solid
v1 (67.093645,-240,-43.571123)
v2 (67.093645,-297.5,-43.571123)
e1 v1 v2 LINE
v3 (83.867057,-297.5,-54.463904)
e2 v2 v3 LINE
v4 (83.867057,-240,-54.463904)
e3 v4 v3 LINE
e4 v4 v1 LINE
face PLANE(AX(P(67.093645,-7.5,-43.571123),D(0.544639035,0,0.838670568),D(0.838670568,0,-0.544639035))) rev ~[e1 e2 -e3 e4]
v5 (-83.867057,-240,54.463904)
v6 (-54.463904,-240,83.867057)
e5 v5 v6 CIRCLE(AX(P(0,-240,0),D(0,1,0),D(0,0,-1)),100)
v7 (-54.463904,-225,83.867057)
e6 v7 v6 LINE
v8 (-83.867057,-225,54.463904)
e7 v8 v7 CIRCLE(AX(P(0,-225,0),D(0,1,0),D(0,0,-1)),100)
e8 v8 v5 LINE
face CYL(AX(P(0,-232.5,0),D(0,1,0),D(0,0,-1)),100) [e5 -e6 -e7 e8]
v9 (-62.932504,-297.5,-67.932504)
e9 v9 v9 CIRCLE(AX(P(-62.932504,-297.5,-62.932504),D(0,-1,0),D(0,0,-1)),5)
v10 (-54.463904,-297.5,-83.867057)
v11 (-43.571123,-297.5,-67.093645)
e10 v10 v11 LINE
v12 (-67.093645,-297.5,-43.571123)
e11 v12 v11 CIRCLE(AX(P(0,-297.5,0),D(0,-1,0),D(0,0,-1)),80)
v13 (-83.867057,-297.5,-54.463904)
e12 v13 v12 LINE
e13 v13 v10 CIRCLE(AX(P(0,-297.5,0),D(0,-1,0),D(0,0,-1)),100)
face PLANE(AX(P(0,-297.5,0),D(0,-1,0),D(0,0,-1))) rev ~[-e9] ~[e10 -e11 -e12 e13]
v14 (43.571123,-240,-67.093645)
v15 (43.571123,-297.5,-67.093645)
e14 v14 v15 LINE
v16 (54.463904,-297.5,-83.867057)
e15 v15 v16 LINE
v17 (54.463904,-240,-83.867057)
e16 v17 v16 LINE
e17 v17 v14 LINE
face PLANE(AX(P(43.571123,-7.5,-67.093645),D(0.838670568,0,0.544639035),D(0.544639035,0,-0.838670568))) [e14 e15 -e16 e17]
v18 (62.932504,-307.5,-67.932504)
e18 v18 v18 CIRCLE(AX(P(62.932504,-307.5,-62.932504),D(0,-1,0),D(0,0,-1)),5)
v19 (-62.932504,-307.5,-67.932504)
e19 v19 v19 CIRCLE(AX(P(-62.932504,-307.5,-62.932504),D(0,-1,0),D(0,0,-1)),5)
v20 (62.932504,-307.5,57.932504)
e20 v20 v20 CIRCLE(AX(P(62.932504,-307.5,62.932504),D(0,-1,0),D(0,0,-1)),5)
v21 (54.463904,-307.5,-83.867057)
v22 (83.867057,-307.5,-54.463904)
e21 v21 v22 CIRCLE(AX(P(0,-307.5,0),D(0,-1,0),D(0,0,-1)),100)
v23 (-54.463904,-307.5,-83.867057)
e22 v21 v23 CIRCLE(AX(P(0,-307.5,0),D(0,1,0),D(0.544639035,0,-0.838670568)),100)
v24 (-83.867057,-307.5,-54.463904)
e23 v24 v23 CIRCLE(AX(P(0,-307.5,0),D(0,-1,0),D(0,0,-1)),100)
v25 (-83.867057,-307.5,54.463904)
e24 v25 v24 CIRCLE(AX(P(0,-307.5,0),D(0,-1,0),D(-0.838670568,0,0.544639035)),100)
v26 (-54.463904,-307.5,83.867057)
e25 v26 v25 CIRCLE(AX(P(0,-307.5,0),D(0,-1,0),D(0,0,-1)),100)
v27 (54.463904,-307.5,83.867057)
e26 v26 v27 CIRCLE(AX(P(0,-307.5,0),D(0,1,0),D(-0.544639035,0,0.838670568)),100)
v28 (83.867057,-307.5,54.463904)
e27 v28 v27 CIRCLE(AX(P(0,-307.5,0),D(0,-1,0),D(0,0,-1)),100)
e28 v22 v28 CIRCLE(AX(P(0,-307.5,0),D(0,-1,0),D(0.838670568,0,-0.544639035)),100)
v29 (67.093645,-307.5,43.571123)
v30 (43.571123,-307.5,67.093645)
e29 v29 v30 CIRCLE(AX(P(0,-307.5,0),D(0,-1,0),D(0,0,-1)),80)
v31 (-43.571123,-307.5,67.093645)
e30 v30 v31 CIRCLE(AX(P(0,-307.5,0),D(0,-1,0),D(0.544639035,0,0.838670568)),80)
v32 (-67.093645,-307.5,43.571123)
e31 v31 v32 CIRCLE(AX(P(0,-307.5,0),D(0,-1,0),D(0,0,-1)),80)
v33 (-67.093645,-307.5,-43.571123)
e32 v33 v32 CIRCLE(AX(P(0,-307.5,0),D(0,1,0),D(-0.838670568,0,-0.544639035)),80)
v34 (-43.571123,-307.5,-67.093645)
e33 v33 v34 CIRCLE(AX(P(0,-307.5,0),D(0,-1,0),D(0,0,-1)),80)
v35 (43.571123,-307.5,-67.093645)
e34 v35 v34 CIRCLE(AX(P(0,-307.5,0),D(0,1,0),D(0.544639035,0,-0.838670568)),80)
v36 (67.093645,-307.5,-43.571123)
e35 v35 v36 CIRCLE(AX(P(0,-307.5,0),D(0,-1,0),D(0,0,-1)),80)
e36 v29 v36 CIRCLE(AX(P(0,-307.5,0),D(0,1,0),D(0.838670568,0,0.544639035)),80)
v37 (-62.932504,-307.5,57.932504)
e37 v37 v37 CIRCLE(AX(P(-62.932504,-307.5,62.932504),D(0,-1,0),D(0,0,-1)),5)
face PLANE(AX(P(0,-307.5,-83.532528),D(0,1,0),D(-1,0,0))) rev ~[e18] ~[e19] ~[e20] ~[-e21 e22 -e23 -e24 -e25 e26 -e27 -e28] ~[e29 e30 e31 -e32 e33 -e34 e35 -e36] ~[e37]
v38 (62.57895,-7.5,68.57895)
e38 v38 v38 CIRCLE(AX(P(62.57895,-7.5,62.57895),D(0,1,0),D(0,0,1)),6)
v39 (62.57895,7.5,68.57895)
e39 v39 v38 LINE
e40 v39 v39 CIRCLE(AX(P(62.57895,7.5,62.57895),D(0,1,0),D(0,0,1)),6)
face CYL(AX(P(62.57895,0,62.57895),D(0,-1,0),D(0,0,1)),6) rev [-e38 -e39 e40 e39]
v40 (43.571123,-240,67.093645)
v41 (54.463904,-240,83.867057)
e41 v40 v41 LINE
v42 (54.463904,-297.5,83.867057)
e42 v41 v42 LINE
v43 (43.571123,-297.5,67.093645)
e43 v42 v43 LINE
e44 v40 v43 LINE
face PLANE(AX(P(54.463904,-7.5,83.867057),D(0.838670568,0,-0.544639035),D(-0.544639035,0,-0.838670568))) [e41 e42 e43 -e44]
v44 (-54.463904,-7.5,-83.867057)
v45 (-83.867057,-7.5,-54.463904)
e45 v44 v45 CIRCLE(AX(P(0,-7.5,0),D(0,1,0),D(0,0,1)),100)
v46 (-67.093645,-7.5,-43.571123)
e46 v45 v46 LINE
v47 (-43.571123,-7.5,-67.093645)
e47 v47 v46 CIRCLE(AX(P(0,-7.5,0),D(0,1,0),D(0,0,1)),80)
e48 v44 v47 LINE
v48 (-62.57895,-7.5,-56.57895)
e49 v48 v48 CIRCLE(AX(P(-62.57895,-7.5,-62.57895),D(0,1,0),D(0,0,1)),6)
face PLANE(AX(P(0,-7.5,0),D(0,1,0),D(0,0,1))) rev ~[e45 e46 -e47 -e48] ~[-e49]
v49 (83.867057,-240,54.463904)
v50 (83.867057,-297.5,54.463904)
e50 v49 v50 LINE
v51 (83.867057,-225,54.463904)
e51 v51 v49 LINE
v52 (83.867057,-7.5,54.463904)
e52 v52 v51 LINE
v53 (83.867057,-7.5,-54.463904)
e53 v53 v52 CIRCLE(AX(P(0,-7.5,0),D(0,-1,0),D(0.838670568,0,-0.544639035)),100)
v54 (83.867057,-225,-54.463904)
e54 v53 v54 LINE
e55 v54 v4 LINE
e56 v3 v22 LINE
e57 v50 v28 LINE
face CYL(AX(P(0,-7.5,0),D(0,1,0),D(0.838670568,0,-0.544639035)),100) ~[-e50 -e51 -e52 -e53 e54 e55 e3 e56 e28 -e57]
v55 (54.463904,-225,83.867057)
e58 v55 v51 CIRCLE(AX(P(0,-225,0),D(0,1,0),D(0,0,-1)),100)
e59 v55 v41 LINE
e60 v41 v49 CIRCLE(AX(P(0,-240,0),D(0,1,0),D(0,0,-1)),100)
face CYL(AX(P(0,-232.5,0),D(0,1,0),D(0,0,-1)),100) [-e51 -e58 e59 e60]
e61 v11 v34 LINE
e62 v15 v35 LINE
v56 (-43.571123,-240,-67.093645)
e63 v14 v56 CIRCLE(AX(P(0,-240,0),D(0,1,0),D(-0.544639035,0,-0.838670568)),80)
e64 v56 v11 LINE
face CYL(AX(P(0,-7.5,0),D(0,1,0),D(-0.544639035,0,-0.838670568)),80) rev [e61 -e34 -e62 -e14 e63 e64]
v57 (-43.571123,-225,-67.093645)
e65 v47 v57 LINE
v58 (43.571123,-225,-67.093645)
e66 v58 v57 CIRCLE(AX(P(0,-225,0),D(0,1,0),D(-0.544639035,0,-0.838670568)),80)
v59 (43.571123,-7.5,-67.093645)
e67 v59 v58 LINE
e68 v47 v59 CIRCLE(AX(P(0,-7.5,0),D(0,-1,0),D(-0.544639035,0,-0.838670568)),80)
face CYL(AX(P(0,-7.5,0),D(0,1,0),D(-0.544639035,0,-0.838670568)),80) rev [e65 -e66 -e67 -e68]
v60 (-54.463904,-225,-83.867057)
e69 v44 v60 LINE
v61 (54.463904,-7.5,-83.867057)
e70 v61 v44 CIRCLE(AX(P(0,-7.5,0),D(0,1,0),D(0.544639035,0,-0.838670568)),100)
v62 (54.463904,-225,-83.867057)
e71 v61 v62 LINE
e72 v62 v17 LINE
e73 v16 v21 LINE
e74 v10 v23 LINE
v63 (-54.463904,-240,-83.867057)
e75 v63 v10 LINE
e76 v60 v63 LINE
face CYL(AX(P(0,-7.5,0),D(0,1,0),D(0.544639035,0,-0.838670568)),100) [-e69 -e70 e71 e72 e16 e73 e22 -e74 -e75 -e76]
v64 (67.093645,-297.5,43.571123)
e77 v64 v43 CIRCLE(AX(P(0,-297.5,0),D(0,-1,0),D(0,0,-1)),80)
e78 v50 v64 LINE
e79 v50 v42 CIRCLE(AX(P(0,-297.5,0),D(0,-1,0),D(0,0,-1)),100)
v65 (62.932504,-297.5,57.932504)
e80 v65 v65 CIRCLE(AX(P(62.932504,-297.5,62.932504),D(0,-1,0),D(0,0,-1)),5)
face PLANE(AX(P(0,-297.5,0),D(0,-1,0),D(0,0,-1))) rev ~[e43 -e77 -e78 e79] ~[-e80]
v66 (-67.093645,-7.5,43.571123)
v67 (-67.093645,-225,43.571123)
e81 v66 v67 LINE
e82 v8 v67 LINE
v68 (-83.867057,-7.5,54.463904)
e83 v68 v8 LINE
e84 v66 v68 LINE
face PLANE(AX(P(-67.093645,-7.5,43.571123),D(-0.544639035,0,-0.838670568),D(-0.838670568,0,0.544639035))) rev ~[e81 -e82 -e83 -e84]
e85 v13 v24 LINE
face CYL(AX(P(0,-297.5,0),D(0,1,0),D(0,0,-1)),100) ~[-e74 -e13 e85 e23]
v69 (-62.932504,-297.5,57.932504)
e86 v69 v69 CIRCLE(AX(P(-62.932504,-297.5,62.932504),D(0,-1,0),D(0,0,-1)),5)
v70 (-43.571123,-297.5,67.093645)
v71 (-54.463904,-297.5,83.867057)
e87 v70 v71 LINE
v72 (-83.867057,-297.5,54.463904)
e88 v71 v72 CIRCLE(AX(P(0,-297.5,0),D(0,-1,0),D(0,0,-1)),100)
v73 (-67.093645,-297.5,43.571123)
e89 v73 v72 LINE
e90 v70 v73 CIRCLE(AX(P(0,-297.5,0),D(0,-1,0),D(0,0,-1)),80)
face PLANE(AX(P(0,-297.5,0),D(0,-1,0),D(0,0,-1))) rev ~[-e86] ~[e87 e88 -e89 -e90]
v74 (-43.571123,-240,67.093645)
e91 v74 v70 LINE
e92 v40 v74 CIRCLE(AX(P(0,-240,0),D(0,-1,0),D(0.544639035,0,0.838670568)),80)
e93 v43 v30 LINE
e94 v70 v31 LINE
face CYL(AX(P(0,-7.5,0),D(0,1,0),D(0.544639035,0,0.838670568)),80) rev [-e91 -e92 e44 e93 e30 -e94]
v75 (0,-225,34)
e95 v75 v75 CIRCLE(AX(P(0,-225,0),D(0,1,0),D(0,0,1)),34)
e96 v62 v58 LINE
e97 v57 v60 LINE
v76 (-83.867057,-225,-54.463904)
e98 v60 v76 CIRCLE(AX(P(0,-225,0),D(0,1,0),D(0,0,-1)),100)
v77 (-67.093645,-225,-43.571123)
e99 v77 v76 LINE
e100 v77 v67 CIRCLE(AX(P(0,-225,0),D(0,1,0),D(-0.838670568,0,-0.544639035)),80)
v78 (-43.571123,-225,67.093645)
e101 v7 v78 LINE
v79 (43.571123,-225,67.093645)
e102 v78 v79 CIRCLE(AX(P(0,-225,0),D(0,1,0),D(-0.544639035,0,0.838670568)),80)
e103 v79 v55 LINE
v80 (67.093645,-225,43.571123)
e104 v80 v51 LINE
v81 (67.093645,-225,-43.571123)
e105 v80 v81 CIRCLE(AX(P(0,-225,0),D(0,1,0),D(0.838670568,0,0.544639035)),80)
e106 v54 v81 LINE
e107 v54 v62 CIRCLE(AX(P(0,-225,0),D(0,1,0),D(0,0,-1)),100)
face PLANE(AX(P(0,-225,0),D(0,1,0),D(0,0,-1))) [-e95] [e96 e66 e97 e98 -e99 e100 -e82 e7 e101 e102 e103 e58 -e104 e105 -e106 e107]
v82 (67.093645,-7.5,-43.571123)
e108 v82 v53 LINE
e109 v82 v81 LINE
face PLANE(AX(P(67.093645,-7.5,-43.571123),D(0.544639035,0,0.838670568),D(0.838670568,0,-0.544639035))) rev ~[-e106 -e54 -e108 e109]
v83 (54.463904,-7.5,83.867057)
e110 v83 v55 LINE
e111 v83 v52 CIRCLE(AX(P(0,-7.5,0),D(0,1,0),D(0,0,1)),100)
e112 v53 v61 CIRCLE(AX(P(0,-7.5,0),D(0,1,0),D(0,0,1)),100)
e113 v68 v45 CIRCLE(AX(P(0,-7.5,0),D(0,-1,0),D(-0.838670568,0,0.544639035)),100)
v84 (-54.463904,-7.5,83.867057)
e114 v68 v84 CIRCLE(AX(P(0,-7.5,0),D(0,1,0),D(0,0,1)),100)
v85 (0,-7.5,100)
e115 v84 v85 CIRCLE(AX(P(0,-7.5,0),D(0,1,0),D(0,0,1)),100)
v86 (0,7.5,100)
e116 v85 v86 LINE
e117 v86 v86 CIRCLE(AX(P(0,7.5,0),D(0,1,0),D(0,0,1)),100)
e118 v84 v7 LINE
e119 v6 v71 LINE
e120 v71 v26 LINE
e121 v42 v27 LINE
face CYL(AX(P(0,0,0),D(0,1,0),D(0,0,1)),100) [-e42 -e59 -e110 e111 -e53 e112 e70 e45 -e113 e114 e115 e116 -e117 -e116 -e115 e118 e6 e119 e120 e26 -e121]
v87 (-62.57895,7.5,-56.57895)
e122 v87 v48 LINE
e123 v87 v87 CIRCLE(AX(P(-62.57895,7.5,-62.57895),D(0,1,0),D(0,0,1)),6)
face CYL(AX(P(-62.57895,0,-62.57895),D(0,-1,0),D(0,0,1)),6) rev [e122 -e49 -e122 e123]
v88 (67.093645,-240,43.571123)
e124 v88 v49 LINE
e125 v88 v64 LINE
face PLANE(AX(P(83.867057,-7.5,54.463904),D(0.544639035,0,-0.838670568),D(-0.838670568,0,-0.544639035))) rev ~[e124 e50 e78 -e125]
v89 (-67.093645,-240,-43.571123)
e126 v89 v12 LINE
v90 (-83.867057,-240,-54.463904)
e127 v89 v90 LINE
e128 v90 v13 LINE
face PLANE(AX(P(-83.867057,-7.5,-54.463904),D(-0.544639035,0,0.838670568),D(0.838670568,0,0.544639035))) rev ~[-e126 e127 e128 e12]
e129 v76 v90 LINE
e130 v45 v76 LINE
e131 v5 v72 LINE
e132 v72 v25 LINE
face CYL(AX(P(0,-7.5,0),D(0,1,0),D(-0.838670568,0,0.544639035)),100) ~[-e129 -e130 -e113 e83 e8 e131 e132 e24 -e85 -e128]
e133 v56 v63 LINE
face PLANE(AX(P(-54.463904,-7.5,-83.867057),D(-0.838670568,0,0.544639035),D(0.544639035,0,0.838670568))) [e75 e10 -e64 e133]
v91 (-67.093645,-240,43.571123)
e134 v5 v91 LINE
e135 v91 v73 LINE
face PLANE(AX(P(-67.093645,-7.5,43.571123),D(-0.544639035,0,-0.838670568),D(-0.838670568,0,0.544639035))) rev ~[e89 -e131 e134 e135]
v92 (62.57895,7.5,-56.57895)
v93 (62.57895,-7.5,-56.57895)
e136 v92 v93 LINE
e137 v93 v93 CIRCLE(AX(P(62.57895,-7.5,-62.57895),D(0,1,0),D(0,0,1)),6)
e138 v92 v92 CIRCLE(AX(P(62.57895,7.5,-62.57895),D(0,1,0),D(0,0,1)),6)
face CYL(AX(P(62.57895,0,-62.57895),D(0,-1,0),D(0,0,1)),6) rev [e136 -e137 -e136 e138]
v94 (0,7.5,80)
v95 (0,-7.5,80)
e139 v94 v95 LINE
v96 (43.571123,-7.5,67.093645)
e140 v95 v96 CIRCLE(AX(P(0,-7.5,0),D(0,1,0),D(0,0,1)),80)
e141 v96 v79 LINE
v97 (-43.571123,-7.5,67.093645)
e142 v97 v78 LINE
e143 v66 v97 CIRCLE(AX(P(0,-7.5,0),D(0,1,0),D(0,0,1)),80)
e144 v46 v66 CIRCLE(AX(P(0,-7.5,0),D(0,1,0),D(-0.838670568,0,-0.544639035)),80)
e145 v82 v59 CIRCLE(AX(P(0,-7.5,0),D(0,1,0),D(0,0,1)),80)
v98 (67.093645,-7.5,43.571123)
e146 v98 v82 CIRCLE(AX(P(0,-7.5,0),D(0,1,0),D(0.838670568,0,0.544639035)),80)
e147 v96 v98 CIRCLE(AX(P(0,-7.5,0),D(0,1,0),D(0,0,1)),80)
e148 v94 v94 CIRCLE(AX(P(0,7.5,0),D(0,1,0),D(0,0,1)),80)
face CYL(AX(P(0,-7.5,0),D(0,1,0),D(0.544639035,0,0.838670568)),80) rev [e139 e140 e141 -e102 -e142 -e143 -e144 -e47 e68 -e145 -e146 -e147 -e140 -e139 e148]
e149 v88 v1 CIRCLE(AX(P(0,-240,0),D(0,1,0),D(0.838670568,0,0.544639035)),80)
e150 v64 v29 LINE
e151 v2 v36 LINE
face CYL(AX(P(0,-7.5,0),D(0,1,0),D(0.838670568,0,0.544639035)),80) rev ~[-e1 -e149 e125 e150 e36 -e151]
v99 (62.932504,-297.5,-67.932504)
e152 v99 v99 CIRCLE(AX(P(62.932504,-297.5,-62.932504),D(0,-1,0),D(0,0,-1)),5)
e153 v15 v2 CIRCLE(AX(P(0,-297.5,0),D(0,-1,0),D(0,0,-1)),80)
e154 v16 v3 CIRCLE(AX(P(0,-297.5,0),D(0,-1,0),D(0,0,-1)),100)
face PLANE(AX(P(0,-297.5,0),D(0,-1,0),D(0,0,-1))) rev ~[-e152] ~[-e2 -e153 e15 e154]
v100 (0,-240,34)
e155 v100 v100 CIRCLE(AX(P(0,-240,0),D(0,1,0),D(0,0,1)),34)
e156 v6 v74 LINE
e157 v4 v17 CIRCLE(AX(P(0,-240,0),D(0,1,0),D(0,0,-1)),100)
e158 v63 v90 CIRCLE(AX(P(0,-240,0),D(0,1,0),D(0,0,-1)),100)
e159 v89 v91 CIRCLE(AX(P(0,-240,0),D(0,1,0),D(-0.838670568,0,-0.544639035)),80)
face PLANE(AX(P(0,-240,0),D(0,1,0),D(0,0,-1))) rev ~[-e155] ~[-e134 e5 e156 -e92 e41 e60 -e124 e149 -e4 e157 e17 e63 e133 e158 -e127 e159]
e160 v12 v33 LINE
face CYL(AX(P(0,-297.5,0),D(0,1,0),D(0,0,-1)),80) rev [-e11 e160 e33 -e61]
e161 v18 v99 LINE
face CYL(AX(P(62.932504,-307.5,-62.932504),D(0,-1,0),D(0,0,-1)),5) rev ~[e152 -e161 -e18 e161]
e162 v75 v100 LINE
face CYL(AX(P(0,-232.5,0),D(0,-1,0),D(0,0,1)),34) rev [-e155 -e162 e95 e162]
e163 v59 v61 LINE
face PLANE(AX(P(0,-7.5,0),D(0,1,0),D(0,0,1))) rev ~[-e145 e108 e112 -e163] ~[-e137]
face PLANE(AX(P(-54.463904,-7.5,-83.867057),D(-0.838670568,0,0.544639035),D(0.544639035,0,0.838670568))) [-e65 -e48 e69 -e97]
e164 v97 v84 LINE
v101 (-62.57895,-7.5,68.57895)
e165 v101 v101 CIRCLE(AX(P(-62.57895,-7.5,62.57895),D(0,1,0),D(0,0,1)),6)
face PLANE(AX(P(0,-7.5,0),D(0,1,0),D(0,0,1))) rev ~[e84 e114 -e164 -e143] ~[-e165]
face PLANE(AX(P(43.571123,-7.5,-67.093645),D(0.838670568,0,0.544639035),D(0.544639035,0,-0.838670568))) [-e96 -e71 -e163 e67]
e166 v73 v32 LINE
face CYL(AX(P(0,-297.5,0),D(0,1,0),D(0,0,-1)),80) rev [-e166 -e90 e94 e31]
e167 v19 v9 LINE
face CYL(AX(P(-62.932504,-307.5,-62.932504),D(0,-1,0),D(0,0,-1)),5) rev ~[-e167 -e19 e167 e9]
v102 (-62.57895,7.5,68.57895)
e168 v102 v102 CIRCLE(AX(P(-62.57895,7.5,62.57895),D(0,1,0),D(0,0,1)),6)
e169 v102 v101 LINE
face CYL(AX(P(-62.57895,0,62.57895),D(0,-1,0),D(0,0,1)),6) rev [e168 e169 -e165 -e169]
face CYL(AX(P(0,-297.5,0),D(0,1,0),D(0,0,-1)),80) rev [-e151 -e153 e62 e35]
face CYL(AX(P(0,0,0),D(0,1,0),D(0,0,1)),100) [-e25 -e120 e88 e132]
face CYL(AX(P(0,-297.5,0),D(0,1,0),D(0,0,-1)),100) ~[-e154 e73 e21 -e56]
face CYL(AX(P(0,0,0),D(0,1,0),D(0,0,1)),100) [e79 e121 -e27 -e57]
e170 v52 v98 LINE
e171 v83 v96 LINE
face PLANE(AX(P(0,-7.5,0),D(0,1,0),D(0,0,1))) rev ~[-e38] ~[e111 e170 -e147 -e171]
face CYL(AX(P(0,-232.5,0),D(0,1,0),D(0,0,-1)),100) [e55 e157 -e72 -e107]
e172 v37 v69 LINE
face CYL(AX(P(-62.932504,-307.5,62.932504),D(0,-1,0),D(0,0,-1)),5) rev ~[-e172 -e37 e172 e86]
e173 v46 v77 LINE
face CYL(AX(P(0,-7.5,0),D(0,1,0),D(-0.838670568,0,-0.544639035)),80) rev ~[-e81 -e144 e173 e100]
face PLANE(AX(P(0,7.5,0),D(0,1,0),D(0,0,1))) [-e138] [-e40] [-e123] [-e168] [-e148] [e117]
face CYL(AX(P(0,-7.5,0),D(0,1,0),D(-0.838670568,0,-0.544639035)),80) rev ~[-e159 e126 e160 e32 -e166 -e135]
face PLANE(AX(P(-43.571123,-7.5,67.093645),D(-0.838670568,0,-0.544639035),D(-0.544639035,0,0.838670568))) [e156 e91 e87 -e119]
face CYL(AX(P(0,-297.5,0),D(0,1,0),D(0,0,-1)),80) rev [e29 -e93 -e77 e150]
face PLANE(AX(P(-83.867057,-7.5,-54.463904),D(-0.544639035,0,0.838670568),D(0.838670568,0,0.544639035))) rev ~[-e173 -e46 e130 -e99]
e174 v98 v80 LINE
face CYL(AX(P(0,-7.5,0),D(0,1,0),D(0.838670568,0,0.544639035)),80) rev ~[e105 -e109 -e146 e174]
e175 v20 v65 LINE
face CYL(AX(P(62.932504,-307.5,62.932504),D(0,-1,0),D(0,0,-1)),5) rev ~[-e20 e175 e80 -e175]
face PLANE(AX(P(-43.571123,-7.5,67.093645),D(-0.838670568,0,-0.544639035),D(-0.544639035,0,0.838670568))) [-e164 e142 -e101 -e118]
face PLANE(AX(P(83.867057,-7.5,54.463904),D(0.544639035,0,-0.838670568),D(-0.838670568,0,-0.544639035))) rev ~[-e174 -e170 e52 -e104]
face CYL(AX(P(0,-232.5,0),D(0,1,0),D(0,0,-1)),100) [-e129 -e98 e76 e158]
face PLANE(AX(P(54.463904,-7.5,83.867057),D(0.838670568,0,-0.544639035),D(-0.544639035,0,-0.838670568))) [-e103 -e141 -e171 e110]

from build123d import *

# Parameters (mm, degrees)
IZIM1_R                     = 100
IZIM1_R_2                   = 80
IZIM1_R_3                   = 6
Y_KSEKLIK_EKSTR_ZYON1_DEPTH = 7.5
Y_KSEKLIK_EKSTR_ZYON2_DEPTH = 300
Y_KSEKLIK_EKSTR_ZYON3_START = -10
IZIM3_R                     = 100
IZIM3_R_2                   = 80
Y_KSEKLIK_EKSTR_ZYON3_DEPTH = 10
IZIM4_R                     = 5
KES_EKSTR_ZYON1_DEPTH       = 29
IZIM5_R                     = 100
IZIM5_R_2                   = 34
Y_KSEKLIK_EKSTR_ZYON4_DEPTH = 7.5


with BuildPart() as part:
    # izim1 → Y_kseklik-Ekstr_zyon1 (new, symmetric)
    with BuildSketch(Plane(origin=(0, 0, 0), x_dir=(1, 0, 0), z_dir=(0, 1, 0))):
        with Locations(Location((0, 0, 0), (0, 0, 270))):
            Circle(IZIM1_R)
        with Locations(Location((0, 0, 0), (0, 0, 270))):
            Circle(IZIM1_R_2, mode=Mode.SUBTRACT)
        with Locations(Location((62.578950135, 62.578950135, 0), (0, 0, 270))):
            Circle(IZIM1_R_3, mode=Mode.SUBTRACT)
        with Locations(Location((62.578950135, -62.578950135, 0), (0, 0, 270))):
            Circle(IZIM1_R_3, mode=Mode.SUBTRACT)
        with Locations(Location((-62.578950135, -62.578950135, 0), (0, 0, 270))):
            Circle(IZIM1_R_3, mode=Mode.SUBTRACT)
        with Locations(Location((-62.578950135, 62.578950135, 0), (0, 0, 270))):
            Circle(IZIM1_R_3, mode=Mode.SUBTRACT)
    extrude(amount=Y_KSEKLIK_EKSTR_ZYON1_DEPTH, both=True)

    # izim2 → Y_kseklik-Ekstr_zyon2 (add)
    with BuildSketch(Plane.XZ.offset(7.5)):
        with BuildLine():
            Line((-43.571122801, 67.093645436), (-54.463903502, 83.867056795))
            ThreePointArc((-54.463903502, 83.867056795), (0, 100), (54.463903502, 83.867056795))
            Line((54.463903502, 83.867056795), (43.571122801, 67.093645436))
            ThreePointArc((43.571122801, 67.093645436), (0, 80), (-43.571122801, 67.093645436))
        make_face()
        with BuildLine():
            Line((43.571122801, -67.093645436), (54.463903502, -83.867056795))
            ThreePointArc((54.463903502, -83.867056795), (0, -100), (-54.463903502, -83.867056795))
            Line((-54.463903502, -83.867056795), (-43.571122801, -67.093645436))
            ThreePointArc((-43.571122801, -67.093645436), (0, -80), (43.571122801, -67.093645436))
        make_face()
        with BuildLine():
            Line((-67.093645436, 43.571122801), (-83.867056795, 54.463903502))
            ThreePointArc((-83.867056795, 54.463903502), (-100, 0), (-83.867056795, -54.463903502))
            Line((-83.867056795, -54.463903502), (-67.093645436, -43.571122801))
            ThreePointArc((-67.093645436, -43.571122801), (-80, 0), (-67.093645436, 43.571122801))
        make_face()
        with BuildLine():
            Line((67.093645436, -43.571122801), (83.867056795, -54.463903502))
            ThreePointArc((83.867056795, -54.463903502), (100, 0), (83.867056795, 54.463903502))
            Line((83.867056795, 54.463903502), (67.093645436, 43.571122801))
            ThreePointArc((67.093645436, 43.571122801), (80, 0), (67.093645436, -43.571122801))
        make_face()
    extrude(amount=Y_KSEKLIK_EKSTR_ZYON2_DEPTH)

    # izim3 → Y_kseklik-Ekstr_zyon3 (add)
    with BuildSketch(Plane.XZ.offset(307.5).offset(Y_KSEKLIK_EKSTR_ZYON3_START)):
        with Locations(Location((0, 0, 0), (0, 0, 270))):
            Circle(IZIM3_R)
        with Locations(Location((0, 0, 0), (0, 0, 270))):
            Circle(IZIM3_R_2, mode=Mode.SUBTRACT)
    extrude(amount=Y_KSEKLIK_EKSTR_ZYON3_DEPTH)

    # izim4 → Kes-Ekstr_zyon1 (cut)
    with BuildSketch(Plane.XZ.offset(307.5)):
        with Locations(Location((62.932503526, -62.932503526, 0), (0, 0, 270))):
            Circle(IZIM4_R)
        with Locations(Location((-62.932503526, -62.932503526, 0), (0, 0, 270))):
            Circle(IZIM4_R)
        with Locations(Location((-62.932503526, 62.932503526, 0), (0, 0, 270))):
            Circle(IZIM4_R)
        with Locations(Location((62.932503526, 62.932503526, 0), (0, 0, 270))):
            Circle(IZIM4_R)
    extrude(amount=-KES_EKSTR_ZYON1_DEPTH, mode=Mode.SUBTRACT)

    # izim5 → Y_kseklik-Ekstr_zyon4 (add, symmetric)
    with BuildSketch(Plane(origin=(0, -232.5, 0), x_dir=(1, 0, 0), z_dir=(0, 1, 0))):
        with Locations(Location((0, 0, 0), (0, 0, 90))):
            Circle(IZIM5_R)
        with Locations(Location((0, 0, 0), (0, 0, 270))):
            Circle(IZIM5_R_2, mode=Mode.SUBTRACT)
    extrude(amount=Y_KSEKLIK_EKSTR_ZYON4_DEPTH, both=True)


solid = part.part
